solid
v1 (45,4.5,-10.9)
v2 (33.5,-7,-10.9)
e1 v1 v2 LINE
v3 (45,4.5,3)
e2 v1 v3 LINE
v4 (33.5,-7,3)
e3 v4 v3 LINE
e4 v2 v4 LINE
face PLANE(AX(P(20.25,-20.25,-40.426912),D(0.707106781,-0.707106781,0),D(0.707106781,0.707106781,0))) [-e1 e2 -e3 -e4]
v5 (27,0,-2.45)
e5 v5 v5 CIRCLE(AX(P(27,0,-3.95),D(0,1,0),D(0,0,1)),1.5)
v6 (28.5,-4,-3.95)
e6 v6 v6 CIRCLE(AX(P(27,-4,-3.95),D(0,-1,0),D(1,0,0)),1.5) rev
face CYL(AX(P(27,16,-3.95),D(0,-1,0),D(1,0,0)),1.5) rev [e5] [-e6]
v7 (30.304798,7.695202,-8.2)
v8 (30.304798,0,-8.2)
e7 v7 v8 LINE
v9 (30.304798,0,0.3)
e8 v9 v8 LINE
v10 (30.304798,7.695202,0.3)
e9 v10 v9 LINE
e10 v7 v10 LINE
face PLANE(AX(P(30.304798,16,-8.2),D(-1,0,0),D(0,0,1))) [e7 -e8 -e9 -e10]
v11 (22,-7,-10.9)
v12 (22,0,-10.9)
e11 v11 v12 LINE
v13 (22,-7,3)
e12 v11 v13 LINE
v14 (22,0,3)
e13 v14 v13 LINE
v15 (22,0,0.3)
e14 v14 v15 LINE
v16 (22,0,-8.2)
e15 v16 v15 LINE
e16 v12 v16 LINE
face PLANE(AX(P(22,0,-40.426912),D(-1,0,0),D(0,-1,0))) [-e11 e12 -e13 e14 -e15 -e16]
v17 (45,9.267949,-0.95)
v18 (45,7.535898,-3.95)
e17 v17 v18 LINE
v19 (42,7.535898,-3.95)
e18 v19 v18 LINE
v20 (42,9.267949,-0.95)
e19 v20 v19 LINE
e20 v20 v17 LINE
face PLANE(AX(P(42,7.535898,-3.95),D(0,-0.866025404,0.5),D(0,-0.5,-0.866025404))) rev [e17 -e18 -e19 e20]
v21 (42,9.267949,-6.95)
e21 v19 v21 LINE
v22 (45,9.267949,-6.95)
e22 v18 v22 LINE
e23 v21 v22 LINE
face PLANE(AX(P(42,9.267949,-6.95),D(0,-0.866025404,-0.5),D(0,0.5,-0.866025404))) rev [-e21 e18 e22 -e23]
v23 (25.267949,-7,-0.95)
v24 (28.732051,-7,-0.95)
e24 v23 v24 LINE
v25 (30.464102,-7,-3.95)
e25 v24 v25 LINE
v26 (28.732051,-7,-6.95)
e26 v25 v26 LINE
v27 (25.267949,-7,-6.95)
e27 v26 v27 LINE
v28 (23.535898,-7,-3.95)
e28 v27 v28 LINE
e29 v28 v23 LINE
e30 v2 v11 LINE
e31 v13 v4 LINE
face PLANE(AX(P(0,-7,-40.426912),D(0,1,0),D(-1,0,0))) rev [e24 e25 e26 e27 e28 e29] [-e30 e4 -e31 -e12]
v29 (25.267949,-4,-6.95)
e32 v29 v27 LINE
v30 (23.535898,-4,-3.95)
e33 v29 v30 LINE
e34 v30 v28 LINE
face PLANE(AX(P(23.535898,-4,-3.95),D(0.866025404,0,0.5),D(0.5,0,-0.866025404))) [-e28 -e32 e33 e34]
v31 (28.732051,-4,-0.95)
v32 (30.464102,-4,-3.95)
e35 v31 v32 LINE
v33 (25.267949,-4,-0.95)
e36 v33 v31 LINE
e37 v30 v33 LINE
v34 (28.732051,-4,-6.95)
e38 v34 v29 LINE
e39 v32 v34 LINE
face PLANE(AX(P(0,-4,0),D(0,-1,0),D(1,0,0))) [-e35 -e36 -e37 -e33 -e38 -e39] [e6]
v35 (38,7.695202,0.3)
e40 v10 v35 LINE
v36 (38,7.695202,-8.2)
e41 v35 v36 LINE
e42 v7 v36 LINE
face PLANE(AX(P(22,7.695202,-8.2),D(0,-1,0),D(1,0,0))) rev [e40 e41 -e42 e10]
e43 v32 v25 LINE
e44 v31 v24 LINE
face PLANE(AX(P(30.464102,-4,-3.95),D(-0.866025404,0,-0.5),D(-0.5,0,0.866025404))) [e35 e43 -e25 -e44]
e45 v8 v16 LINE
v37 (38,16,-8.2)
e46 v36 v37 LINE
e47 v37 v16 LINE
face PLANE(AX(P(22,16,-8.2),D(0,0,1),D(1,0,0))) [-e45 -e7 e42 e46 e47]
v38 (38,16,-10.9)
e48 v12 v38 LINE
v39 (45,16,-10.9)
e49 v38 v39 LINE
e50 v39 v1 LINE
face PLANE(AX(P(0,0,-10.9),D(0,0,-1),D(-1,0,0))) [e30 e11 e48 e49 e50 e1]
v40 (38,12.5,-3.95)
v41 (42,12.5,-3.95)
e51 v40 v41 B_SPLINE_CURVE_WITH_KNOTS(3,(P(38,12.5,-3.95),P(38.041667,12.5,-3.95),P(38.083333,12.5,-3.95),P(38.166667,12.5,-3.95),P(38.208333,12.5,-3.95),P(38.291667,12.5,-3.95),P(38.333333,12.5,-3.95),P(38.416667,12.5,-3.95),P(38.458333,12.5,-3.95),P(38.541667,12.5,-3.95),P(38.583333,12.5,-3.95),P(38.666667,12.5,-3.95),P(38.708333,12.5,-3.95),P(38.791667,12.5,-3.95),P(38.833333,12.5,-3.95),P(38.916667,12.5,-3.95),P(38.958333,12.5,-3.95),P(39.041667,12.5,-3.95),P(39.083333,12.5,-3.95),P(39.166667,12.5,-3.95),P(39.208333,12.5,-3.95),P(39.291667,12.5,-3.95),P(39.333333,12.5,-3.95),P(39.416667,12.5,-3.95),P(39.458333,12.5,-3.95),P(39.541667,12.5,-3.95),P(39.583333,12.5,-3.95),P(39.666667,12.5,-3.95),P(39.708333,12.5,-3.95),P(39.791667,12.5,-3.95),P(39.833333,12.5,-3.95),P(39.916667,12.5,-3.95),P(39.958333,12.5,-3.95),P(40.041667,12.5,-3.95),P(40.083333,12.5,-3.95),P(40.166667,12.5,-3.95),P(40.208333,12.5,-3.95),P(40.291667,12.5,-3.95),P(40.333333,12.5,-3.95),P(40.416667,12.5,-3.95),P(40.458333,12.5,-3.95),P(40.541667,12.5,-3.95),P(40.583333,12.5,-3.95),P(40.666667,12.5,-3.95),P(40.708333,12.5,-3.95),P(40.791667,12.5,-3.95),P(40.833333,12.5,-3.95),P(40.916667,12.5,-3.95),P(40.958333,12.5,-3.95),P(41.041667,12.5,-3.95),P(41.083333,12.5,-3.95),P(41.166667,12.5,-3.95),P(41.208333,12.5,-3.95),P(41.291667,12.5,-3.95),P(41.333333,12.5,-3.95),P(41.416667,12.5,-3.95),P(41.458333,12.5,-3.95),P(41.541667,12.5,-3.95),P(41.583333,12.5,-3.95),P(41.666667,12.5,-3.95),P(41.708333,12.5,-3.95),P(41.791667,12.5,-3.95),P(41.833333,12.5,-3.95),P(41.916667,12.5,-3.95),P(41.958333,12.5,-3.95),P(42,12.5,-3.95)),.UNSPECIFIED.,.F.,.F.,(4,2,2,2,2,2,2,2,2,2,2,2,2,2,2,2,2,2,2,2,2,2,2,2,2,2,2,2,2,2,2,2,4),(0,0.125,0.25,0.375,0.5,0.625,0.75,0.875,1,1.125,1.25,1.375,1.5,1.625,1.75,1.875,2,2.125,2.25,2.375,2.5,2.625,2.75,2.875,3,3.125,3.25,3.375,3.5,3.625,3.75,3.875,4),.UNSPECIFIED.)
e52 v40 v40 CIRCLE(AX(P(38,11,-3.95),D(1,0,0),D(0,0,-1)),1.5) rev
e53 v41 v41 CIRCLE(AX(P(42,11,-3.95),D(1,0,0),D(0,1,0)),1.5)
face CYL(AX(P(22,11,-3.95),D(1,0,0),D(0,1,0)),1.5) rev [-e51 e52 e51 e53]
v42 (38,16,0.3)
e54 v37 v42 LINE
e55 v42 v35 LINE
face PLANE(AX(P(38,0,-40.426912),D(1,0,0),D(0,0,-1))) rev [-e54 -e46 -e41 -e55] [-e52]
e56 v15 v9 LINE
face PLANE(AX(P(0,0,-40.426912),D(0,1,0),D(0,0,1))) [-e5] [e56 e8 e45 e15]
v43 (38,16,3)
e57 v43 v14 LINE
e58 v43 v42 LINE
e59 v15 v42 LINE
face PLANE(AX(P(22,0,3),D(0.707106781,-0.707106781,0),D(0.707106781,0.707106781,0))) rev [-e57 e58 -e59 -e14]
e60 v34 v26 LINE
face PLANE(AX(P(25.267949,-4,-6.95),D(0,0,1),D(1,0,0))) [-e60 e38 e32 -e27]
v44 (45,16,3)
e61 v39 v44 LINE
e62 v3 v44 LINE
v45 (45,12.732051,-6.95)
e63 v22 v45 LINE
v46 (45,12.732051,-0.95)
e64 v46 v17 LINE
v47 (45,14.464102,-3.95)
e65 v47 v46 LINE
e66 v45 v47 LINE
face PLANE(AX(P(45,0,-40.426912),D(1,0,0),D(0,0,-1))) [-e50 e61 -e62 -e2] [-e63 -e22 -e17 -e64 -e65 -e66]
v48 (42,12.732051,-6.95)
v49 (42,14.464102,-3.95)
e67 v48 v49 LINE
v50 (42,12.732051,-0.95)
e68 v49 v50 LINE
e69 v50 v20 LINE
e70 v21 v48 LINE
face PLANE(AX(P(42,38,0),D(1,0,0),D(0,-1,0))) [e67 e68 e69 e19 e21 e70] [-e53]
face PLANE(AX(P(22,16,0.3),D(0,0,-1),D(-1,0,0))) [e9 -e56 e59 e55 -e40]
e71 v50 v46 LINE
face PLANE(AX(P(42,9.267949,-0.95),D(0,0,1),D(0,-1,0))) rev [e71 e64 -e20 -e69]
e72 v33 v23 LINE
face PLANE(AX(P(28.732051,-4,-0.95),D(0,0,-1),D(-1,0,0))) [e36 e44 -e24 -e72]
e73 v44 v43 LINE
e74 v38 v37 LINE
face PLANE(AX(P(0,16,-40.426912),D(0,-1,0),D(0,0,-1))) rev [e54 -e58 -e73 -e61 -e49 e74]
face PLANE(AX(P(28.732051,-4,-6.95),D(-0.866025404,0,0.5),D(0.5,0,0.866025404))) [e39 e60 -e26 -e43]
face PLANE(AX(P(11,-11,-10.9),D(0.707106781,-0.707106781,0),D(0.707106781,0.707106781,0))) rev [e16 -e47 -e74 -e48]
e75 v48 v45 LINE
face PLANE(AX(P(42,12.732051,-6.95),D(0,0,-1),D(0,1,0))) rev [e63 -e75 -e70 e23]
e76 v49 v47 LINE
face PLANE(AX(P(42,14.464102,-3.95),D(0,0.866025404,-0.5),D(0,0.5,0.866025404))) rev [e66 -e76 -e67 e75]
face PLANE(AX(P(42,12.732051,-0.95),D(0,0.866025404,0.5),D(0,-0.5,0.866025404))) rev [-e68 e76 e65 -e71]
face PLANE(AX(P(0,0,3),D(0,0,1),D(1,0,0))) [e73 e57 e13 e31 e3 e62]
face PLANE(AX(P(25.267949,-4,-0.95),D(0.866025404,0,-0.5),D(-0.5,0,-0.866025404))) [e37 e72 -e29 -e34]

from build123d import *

# Parameters (mm, degrees)
BOSS_EXTRUDE1_DEPTH = 7.9
SKETCH2_R           = 1.5
CUT_EXTRUDE1_DEPTH  = 52.15085532
CUT_EXTRUDE3_DEPTH  = 3
BOSS_EXTRUDE2_DEPTH = 3
BOSS_EXTRUDE3_START = -7.9
BOSS_EXTRUDE3_DEPTH = 3
SKETCH5_W           = 8.304797865
SKETCH5_H           = 8.5
CUT_EXTRUDE4_DEPTH  = 49.987855638


with BuildPart() as part:
    # Sketch1 → Boss-Extrude1 (new body)
    with BuildSketch(Plane.XY):
        Polygon((30, 8), (30, 0), (22, 0), (22, -7), (33.5, -7), (45, 4.5), (45, 16), (38, 16), (38, 8), align=None)
    extrude(amount=-BOSS_EXTRUDE1_DEPTH)

    # Sketch2 → Cut-Extrude1 (cut, through all)
    with BuildSketch(Plane.XZ.offset(7)):
        with Locations((27, -3.95)):
            Circle(SKETCH2_R)
    cut_extrude1 = extrude(amount=-CUT_EXTRUDE1_DEPTH, mode=Mode.SUBTRACT)

    # Sketch3 → Cut-Extrude3 (cut)
    with BuildSketch(Plane(origin=(38, -7, 0), x_dir=(0, 0, -1), z_dir=(0, 1, 0))):
        Polygon((0.95, 12.732050808), (3.95, 14.464101615), (6.95, 12.732050808), (6.95, 9.267949192), (3.95, 7.535898385), (0.95, 9.267949192), align=None)
    cut_extrude3 = extrude(amount=CUT_EXTRUDE3_DEPTH, mode=Mode.SUBTRACT)

    # Sketch4 → Boss-Extrude2 (add)
    with BuildSketch(Plane.XY):
        Polygon((22, 0), (38, 16), (45, 16), (45, 4.5), (33.5, -7), (22, -7), align=None)
    extrude(amount=BOSS_EXTRUDE2_DEPTH)

    # Sketch4<3> → Boss-Extrude3 (add)
    with BuildSketch(Plane.XY.offset(BOSS_EXTRUDE3_START)):
        Polygon((30, 8), (22, 0), (30, 0), align=None)
        Polygon((30, 0), (22, 0), (22, -7), (33.5, -7), (45, 4.5), (45, 16), (38, 16), (38, 8), (30, 8), align=None)
        Polygon((38, 16), (30, 8), (38, 8), align=None)
    extrude(amount=-BOSS_EXTRUDE3_DEPTH)

    # Sketch5 → Cut-Extrude4 (cut, through all)
    with BuildSketch(Plane(origin=(0, 0, 0), x_dir=(1, 0, 0), z_dir=(0, 1, 0))):
        with Locations((26.152398932, 3.95)):
            Rectangle(SKETCH5_W, SKETCH5_H)
    cut_extrude4 = extrude(amount=CUT_EXTRUDE4_DEPTH, mode=Mode.SUBTRACT)

    # Mirror1: Cut-Extrude1, Cut-Extrude3, Cut-Extrude4 across plane
    add(cut_extrude1.mirror(Plane(origin=(19, 19, 0), x_dir=(0, 0, 1), z_dir=(0.707106781186547, 0.707106781186548, 0))), mode=Mode.SUBTRACT)
    add(cut_extrude3.mirror(Plane(origin=(19, 19, 0), x_dir=(0, 0, 1), z_dir=(0.707106781186547, 0.707106781186548, 0))), mode=Mode.SUBTRACT)
    add(cut_extrude4.mirror(Plane(origin=(19, 19, 0), x_dir=(0, 0, 1), z_dir=(0.707106781186547, 0.707106781186548, 0))), mode=Mode.SUBTRACT)


solid = part.part
